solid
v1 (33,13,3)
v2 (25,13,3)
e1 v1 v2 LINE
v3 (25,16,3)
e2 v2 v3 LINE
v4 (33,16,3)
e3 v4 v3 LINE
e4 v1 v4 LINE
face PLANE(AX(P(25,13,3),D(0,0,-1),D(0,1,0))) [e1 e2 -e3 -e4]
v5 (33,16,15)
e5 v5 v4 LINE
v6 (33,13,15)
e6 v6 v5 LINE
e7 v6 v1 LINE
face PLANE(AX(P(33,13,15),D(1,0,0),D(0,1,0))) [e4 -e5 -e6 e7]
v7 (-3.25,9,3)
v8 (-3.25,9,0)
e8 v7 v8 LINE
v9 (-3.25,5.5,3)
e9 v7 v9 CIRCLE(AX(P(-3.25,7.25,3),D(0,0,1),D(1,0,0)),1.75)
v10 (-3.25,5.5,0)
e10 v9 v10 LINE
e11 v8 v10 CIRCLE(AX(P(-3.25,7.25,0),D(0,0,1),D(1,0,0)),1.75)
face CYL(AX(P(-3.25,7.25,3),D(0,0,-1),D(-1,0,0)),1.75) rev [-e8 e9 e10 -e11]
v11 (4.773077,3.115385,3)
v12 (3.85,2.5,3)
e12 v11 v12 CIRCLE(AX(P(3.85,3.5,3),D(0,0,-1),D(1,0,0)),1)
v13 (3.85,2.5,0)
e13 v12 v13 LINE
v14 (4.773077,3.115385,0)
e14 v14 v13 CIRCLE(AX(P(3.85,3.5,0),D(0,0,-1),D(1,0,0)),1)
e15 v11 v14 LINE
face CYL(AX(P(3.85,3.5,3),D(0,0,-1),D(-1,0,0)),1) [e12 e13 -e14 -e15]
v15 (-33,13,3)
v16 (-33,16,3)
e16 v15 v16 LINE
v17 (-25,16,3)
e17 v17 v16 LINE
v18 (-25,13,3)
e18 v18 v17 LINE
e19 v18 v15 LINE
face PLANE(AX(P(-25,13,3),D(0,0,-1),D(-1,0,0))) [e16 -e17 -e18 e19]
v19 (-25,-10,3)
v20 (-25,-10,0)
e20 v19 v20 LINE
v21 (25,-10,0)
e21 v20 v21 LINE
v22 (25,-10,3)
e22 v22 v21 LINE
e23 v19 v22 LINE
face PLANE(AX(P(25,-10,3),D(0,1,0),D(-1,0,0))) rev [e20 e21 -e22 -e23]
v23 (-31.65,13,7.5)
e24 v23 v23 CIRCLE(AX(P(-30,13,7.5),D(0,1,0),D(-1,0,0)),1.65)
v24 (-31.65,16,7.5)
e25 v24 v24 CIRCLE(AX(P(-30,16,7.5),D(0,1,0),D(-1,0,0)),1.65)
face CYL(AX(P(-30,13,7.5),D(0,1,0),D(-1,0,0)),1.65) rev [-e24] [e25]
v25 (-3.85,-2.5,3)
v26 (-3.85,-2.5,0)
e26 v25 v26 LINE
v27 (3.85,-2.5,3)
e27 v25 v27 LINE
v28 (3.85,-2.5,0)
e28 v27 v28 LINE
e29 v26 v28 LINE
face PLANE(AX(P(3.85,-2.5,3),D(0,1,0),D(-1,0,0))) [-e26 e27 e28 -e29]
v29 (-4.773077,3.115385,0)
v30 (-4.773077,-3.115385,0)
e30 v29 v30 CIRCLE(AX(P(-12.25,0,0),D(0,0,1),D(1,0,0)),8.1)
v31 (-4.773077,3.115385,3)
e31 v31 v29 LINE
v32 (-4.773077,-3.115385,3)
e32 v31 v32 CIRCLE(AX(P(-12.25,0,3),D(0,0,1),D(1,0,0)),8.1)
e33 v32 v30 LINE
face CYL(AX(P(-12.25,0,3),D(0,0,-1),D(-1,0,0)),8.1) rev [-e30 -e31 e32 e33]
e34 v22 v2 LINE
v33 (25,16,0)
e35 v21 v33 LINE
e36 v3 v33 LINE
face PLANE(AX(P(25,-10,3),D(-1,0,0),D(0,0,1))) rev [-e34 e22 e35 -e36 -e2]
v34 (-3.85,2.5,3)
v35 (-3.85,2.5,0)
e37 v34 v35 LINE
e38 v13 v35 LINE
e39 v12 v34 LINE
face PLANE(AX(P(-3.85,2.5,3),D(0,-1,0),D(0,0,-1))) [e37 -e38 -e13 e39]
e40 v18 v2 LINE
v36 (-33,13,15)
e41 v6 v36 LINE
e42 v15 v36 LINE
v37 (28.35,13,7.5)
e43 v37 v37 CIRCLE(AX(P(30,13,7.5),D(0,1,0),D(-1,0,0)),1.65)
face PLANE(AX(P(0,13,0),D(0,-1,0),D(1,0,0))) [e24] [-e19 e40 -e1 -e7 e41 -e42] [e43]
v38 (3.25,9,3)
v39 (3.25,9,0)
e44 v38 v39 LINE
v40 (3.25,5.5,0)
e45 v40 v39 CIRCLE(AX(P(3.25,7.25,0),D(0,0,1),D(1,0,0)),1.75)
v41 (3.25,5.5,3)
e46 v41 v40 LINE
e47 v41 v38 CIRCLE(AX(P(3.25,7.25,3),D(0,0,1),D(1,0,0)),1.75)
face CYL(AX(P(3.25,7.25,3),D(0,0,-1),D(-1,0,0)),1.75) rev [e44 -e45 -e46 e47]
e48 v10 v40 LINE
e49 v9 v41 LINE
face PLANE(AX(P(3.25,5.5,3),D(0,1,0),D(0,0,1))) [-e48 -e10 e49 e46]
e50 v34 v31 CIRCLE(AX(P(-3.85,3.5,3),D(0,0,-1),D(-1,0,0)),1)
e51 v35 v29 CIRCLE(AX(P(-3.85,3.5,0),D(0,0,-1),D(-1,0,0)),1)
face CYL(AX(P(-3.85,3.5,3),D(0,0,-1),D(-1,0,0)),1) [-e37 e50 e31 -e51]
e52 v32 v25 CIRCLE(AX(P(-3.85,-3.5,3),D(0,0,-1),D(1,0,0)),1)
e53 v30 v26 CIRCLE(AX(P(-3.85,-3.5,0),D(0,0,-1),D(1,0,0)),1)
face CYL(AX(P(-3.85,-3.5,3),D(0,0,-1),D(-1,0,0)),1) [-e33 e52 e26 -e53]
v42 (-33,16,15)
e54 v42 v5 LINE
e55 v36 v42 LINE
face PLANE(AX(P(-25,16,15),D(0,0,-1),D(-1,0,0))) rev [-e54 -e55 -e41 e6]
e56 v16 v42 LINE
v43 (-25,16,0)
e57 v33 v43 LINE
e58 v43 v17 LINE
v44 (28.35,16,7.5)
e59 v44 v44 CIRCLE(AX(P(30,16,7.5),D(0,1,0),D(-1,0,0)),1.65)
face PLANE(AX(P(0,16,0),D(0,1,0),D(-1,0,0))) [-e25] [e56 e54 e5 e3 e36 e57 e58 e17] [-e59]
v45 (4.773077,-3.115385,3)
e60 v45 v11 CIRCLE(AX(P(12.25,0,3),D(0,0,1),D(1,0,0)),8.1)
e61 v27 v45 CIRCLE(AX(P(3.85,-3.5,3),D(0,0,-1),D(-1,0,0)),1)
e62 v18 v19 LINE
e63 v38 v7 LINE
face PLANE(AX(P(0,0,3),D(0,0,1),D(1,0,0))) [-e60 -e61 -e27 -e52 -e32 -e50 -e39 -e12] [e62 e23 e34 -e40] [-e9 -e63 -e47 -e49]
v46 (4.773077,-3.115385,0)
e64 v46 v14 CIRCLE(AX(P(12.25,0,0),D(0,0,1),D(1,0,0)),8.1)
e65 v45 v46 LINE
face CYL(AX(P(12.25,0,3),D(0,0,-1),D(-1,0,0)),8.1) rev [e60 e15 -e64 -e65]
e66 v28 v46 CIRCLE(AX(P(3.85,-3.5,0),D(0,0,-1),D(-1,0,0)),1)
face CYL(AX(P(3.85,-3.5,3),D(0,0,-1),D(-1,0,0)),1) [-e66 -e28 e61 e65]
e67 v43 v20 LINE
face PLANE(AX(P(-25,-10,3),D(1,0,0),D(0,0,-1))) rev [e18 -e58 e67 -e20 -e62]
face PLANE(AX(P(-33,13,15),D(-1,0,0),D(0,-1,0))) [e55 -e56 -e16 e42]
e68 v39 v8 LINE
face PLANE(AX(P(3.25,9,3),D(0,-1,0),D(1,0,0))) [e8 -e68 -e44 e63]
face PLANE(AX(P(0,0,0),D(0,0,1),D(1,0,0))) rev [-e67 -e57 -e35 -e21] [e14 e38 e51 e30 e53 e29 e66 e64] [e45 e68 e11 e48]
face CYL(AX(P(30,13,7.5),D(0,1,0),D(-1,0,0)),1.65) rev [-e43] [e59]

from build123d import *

# Parameters (mm, degrees)
SKETCH_1_W          = 50
SKETCH_1_H          = 20
EXTRUDE_1_DEPTH     = 3
SKETCH_2_W          = 50
SKETCH_2_H          = 15
EXTRUDE_2_DEPTH     = 6
SKETCH_5_W          = 50
SKETCH_5_H          = 12
CUT_EXTRUDE_2_DEPTH = 3
SKETCH_6_W          = 8
SKETCH_6_H          = 12
SKETCH_6_R          = 1.65
EXTRUDE_3_DEPTH     = 3


with BuildPart() as part:
    # 草图1 → 凸台-拉伸1 (new body)
    with BuildSketch(Plane.XY):
        Rectangle(SKETCH_1_W, SKETCH_1_H)
        with BuildLine():
            Line((-3.85, 2.5), (3.85, 2.5))
            ThreePointArc((3.85, 2.5), (4.404700196, 2.667949706), (4.773076923, 3.115384615))
            ThreePointArc((4.773076923, 3.115384615), (20.35, 0), (4.773076923, -3.115384615))
            ThreePointArc((4.773076923, -3.115384615), (4.404700196, -2.667949706), (3.85, -2.5))
            Line((3.85, -2.5), (-3.85, -2.5))
            ThreePointArc((-3.85, -2.5), (-4.404700196, -2.667949706), (-4.773076923, -3.115384615))
            ThreePointArc((-4.773076923, -3.115384615), (-20.35, 0), (-4.773076923, 3.115384615))
            ThreePointArc((-4.773076923, 3.115384615), (-4.404700196, 2.667949706), (-3.85, 2.5))
        make_face(mode=Mode.SUBTRACT)
        with BuildLine():
            Line((3.25, 5.5), (-3.25, 5.5))
            ThreePointArc((-3.25, 5.5), (-5, 7.25), (-3.25, 9))
            Line((-3.25, 9), (3.25, 9))
            ThreePointArc((3.25, 9), (5, 7.25), (3.25, 5.5))
        make_face(mode=Mode.SUBTRACT)
    extrude(amount=EXTRUDE_1_DEPTH)

    # 草图2 → 凸台-拉伸2 (add)
    with BuildSketch(Plane(origin=(0, 10, 0), x_dir=(1, 0, 0), z_dir=(0, 1, 0))):
        with Locations((0, -7.5)):
            Rectangle(SKETCH_2_W, SKETCH_2_H)
    extrude(amount=EXTRUDE_2_DEPTH)

    # 草图5 → 切除-拉伸2 (cut)
    with BuildSketch(Plane.XZ.offset(-10)):
        with Locations((0, 9)):
            Rectangle(SKETCH_5_W, SKETCH_5_H)
    extrude(amount=-CUT_EXTRUDE_2_DEPTH, mode=Mode.SUBTRACT)

    # 草图6 → 凸台-拉伸3 (add)
    with BuildSketch(Plane(origin=(0, 16, 0), x_dir=(1, 0, 0), z_dir=(0, 1, 0))):
        with Locations((29, -9)):
            Rectangle(SKETCH_6_W, SKETCH_6_H)
        with Locations((30, -7.5)):
            Circle(SKETCH_6_R, mode=Mode.SUBTRACT)
        with Locations((-29, -9)):
            Rectangle(SKETCH_6_W, SKETCH_6_H)
        with Locations((-30, -7.5)):
            Circle(SKETCH_6_R, mode=Mode.SUBTRACT)
    extrude(amount=-EXTRUDE_3_DEPTH)


solid = part.part
